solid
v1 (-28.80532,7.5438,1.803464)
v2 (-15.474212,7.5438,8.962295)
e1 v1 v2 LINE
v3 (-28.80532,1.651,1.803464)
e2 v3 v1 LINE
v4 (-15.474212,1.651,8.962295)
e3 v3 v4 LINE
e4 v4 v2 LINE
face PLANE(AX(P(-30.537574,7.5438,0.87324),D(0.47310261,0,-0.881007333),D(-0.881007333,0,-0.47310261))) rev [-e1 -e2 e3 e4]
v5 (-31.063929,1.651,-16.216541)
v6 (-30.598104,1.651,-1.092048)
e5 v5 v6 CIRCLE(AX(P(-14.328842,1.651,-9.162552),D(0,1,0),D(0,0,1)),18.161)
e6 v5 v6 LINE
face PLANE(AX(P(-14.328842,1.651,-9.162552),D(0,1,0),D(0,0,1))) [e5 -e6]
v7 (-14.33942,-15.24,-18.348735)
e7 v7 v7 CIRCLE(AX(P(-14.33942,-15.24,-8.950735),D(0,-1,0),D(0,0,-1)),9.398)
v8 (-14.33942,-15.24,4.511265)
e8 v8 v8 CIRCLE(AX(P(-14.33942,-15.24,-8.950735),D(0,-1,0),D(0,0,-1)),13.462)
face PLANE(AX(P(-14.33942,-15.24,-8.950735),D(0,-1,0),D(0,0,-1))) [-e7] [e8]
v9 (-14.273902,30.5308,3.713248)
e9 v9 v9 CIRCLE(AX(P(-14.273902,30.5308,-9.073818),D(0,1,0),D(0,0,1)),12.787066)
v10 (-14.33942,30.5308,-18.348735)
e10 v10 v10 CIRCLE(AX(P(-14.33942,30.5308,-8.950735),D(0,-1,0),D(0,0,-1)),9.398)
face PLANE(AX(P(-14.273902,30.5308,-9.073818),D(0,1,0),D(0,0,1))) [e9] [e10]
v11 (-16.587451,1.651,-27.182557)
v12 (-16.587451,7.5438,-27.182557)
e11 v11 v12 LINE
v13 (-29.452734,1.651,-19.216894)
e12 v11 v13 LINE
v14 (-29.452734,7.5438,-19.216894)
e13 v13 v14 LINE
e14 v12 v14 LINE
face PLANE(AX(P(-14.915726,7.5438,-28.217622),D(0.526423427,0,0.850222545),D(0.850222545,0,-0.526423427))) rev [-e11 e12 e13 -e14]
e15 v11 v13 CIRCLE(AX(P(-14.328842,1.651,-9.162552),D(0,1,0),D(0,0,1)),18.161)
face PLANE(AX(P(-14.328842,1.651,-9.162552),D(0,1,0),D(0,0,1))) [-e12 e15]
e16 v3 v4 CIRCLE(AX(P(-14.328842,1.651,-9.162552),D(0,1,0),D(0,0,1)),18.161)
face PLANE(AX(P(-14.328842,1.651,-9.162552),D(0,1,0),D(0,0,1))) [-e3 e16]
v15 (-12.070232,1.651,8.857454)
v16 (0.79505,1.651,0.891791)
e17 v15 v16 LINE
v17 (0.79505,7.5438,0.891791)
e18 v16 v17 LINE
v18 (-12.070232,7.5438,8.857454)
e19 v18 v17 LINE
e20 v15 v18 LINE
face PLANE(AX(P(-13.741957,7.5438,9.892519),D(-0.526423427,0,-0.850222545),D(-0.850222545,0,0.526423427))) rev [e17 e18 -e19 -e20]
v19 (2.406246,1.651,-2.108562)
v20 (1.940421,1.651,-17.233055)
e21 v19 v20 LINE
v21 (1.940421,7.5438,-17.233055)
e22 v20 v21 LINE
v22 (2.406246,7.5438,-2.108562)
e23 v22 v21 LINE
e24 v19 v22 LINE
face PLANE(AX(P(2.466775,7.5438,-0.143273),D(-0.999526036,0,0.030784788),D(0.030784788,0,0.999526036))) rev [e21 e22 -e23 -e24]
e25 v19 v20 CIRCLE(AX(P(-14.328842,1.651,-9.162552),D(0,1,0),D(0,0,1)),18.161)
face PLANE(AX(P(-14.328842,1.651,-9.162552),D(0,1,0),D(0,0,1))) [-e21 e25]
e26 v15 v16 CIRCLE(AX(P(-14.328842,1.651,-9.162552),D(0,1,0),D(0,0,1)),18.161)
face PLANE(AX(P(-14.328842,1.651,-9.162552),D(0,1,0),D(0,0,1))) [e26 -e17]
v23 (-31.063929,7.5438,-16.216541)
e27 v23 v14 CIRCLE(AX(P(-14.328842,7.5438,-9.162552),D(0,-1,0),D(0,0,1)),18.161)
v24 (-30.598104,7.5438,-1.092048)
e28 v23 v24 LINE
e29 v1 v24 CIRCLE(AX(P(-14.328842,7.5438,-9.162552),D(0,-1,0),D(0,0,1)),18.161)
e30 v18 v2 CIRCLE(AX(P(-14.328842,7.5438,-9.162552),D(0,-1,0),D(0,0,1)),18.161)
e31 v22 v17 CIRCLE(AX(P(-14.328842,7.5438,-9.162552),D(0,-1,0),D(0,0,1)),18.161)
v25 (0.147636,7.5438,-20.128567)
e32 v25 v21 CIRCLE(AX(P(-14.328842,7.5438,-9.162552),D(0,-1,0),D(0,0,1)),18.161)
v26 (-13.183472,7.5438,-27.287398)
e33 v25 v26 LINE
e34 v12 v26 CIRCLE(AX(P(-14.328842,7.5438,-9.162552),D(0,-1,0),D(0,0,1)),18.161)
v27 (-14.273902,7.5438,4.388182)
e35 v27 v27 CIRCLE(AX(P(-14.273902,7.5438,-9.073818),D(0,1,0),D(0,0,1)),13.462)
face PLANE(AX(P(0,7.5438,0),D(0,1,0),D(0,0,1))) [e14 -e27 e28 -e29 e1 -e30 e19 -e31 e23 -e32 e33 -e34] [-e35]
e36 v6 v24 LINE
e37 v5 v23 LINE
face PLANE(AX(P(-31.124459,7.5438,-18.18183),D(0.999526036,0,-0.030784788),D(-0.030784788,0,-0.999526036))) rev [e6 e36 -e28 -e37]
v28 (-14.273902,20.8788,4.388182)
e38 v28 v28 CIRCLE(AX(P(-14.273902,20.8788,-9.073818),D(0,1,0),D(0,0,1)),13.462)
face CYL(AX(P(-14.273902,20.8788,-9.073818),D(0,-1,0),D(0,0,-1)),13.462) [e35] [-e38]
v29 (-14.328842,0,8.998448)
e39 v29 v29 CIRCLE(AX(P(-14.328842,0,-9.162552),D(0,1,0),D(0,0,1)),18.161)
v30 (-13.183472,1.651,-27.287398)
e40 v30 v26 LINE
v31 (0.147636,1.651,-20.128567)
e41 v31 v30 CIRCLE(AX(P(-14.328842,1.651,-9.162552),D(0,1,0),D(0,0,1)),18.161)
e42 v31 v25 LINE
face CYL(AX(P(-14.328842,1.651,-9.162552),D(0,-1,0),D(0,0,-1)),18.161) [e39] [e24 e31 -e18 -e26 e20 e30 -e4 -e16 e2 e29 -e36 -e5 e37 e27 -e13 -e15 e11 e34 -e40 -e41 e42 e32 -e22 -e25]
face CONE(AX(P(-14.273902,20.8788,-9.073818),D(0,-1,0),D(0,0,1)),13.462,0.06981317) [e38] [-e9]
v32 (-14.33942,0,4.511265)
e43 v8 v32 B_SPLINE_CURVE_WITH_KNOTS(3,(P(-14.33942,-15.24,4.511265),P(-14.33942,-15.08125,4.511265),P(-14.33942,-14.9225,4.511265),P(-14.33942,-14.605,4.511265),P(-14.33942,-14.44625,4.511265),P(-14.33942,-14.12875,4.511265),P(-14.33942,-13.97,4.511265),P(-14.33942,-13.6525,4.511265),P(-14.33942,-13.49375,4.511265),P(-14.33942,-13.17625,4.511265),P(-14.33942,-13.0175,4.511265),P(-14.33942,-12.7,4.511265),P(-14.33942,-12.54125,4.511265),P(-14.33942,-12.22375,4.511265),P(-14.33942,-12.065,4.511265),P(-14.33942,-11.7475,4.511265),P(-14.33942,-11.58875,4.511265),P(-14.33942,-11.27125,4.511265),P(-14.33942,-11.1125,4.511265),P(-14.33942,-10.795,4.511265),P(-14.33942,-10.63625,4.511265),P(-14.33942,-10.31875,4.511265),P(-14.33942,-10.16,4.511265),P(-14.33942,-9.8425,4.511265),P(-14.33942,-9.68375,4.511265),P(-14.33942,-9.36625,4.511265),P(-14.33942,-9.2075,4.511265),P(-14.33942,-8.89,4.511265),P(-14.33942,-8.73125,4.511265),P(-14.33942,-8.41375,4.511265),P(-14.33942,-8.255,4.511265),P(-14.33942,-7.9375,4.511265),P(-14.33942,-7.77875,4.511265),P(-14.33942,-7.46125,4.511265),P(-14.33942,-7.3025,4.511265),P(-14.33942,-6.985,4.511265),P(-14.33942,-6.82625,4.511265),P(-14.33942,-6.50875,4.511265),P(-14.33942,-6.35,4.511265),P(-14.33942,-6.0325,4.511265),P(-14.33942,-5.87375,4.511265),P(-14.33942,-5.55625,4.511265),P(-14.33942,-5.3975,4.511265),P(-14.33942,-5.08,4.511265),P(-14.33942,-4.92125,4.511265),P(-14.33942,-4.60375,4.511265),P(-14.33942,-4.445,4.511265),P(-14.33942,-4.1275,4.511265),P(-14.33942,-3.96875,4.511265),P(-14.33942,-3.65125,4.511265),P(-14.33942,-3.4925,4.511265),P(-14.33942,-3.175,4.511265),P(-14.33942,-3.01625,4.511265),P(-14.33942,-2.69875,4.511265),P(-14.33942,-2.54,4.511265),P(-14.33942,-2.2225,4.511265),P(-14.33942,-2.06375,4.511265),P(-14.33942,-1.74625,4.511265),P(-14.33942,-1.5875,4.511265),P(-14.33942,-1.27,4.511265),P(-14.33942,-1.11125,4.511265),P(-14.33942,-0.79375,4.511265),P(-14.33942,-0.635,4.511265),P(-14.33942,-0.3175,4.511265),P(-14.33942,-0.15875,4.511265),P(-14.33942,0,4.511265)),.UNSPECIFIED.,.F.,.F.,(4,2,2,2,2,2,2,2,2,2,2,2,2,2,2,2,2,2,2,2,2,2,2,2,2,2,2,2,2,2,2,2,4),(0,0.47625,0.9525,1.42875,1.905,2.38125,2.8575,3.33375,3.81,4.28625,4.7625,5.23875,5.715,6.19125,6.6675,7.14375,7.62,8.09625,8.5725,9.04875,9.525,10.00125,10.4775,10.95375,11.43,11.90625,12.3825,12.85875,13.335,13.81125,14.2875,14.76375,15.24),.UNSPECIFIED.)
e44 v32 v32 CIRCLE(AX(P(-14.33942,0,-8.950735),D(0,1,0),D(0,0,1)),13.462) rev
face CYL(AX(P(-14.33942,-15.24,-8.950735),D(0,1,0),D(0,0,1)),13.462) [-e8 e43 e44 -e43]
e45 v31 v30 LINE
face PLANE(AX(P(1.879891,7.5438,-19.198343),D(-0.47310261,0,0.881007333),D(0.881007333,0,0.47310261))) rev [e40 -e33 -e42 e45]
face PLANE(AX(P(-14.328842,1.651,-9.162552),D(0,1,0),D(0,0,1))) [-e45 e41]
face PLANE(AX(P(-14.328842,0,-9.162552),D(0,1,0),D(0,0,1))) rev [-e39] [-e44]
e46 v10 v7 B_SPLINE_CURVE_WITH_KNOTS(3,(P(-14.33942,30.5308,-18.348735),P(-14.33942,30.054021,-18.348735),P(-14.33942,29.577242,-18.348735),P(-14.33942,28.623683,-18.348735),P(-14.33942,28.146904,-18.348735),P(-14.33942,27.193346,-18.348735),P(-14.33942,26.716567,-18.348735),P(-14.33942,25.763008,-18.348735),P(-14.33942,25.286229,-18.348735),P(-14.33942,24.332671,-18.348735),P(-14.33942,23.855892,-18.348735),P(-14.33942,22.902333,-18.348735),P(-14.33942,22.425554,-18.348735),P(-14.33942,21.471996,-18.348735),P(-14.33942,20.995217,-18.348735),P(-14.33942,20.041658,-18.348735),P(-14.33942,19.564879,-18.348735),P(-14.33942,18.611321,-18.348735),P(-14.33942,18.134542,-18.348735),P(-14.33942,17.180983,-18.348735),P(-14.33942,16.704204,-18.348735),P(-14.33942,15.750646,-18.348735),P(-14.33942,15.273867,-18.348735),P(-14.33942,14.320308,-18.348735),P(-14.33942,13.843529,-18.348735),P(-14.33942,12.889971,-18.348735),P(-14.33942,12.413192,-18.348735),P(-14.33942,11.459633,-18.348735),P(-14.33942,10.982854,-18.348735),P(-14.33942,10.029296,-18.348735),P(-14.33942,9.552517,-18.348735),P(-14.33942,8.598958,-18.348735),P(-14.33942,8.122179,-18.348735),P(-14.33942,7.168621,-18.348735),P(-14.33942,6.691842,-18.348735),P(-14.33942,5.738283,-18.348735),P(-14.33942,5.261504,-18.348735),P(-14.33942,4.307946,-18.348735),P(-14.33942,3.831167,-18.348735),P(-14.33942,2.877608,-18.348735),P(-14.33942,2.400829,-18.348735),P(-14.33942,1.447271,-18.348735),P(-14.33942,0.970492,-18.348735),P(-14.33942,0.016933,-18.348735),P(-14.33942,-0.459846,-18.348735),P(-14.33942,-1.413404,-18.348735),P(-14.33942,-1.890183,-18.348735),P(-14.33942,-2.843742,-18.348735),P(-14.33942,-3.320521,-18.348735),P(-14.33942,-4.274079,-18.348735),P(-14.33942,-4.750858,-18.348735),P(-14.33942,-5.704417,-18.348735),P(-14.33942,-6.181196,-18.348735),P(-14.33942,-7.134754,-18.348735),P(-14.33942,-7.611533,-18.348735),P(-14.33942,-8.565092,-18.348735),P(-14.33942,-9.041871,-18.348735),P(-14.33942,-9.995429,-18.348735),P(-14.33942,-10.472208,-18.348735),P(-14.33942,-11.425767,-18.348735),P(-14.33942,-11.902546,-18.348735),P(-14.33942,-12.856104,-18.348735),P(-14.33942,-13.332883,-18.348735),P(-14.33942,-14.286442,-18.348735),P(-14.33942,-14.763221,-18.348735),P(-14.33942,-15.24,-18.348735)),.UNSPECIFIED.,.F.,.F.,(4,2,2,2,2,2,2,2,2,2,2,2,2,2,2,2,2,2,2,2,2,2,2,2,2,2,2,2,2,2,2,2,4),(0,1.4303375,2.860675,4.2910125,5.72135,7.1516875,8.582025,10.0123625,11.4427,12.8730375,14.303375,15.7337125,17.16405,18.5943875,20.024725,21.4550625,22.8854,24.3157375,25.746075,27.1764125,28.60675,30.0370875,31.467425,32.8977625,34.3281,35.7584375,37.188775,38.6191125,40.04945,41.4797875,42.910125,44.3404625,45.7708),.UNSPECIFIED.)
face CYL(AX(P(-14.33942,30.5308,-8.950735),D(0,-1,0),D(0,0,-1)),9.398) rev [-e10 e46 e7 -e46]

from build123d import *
from build123d.topology import SkipClean

# Parameters (mm, degrees)
SKETCH1_R           = 18.161
BOSS_EXTRUDE1_DEPTH = 1.651
BOSS_EXTRUDE2_DEPTH = 5.8928
CUT_EXTRUDE1_REACH  = 45.689
SKETCH5_R           = 13.462
BOSS_EXTRUDE3_DEPTH = 13.335
SKETCH6_R           = 13.462
BOSS_EXTRUDE4_DEPTH = 9.652
BOSS_EXTRUDE4_TAPER = 4
SKETCH7_R           = 13.462
BOSS_EXTRUDE5_DEPTH = 15.24
SKETCH8_R           = 9.398
CUT_EXTRUDE3_DEPTH  = 63.427016824


with BuildPart() as part:
    # Sketch1 → Boss-Extrude1 (new body)
    with BuildSketch(Plane(origin=(0, 0, 0), x_dir=(1, 0, 0), z_dir=(0, 1, 0))):
        with Locations(Location((-14.328841802, 9.162551515, 0), (0, 0, 90))):
            Circle(SKETCH1_R)
    extrude(amount=BOSS_EXTRUDE1_DEPTH)

    # Sketch2 → Boss-Extrude2 (add)
    with BuildSketch(Plane(origin=(0, 1.651, 0), x_dir=(1, 0, 0), z_dir=(0, 1, 0))):
        Polygon((2.466775283, 0.14327327), (1.879890825, 19.198343461), (-14.91572626, 28.217621706), (-31.124458887, 18.18182976), (-30.537574428, -0.87324043), (-13.741957343, -9.892518675), align=None)
    extrude(amount=BOSS_EXTRUDE2_DEPTH)

    # Sketch3 → Cut-Extrude1 (cut, up to next)
    with BuildSketch(Plane(origin=(0, 7.5438, 0), x_dir=(1, 0, 0), z_dir=(0, 1, 0)), mode=Mode.PRIVATE) as cut_extrude1_sk1:
        with BuildLine():
            Line((-13.183471606, 27.287397669), (-14.91572626, 28.217621706))
            Line((-14.91572626, 28.217621706), (-16.587451234, 27.182557187))
            ThreePointArc((-16.587451234, 27.182557187), (-14.887924337, 27.314943857), (-13.183471606, 27.287397669))
        make_face()
    cut_extrude1_tool1 = extrude(cut_extrude1_sk1.sketch, amount=-CUT_EXTRUDE1_REACH, mode=Mode.PRIVATE) & part.part
    # Sketch3 → Cut-Extrude1 (cut, up to next)
    with BuildSketch(Plane(origin=(0, 7.5438, 0), x_dir=(1, 0, 0), z_dir=(0, 1, 0)), mode=Mode.PRIVATE) as cut_extrude1_sk2:
        with BuildLine():
            Line((1.879890825, 19.198343461), (0.147636171, 20.128567497))
            ThreePointArc((0.147636171, 20.128567497), (1.112049838, 18.722927364), (1.940420505, 17.233054906))
            Line((1.940420505, 17.233054906), (1.879890825, 19.198343461))
        make_face()
    cut_extrude1_tool2 = extrude(cut_extrude1_sk2.sketch, amount=-CUT_EXTRUDE1_REACH, mode=Mode.PRIVATE) & part.part
    # Sketch3 → Cut-Extrude1 (cut, up to next)
    with BuildSketch(Plane(origin=(0, 7.5438, 0), x_dir=(1, 0, 0), z_dir=(0, 1, 0)), mode=Mode.PRIVATE) as cut_extrude1_sk3:
        with BuildLine():
            Line((-31.124458887, 18.18182976), (-31.063929206, 16.216541206))
            ThreePointArc((-31.063929206, 16.216541206), (-30.328815977, 17.754568007), (-29.452733913, 19.216894278))
            Line((-29.452733913, 19.216894278), (-31.124458887, 18.18182976))
        make_face()
    cut_extrude1_tool3 = extrude(cut_extrude1_sk3.sketch, amount=-CUT_EXTRUDE1_REACH, mode=Mode.PRIVATE) & part.part
    # Sketch3 → Cut-Extrude1 (cut, up to next)
    with BuildSketch(Plane(origin=(0, 7.5438, 0), x_dir=(1, 0, 0), z_dir=(0, 1, 0)), mode=Mode.PRIVATE) as cut_extrude1_sk4:
        with BuildLine():
            Line((-30.537574428, -0.87324043), (-28.805319774, -1.803464467))
            ThreePointArc((-28.805319774, -1.803464467), (-29.769733441, -0.397824334), (-30.598104109, 1.092048124))
            Line((-30.598104109, 1.092048124), (-30.537574428, -0.87324043))
        make_face()
    cut_extrude1_tool4 = extrude(cut_extrude1_sk4.sketch, amount=-CUT_EXTRUDE1_REACH, mode=Mode.PRIVATE) & part.part
    # Sketch3 → Cut-Extrude1 (cut, up to next)
    with BuildSketch(Plane(origin=(0, 7.5438, 0), x_dir=(1, 0, 0), z_dir=(0, 1, 0)), mode=Mode.PRIVATE) as cut_extrude1_sk5:
        with BuildLine():
            Line((-13.741957343, -9.892518675), (-12.070232369, -8.857454157))
            ThreePointArc((-12.070232369, -8.857454157), (-13.769759266, -8.989840826), (-15.474211997, -8.962294639))
            Line((-15.474211997, -8.962294639), (-13.741957343, -9.892518675))
        make_face()
    cut_extrude1_tool5 = extrude(cut_extrude1_sk5.sketch, amount=-CUT_EXTRUDE1_REACH, mode=Mode.PRIVATE) & part.part
    # Sketch3 → Cut-Extrude1 (cut, up to next)
    with BuildSketch(Plane(origin=(0, 7.5438, 0), x_dir=(1, 0, 0), z_dir=(0, 1, 0)), mode=Mode.PRIVATE) as cut_extrude1_sk6:
        with BuildLine():
            Line((2.466775283, 0.14327327), (2.406245603, 2.108561825))
            ThreePointArc((2.406245603, 2.108561825), (1.671132373, 0.570535023), (0.79505031, -0.891791248))
            Line((0.79505031, -0.891791248), (2.466775283, 0.14327327))
        make_face()
    cut_extrude1_tool6 = extrude(cut_extrude1_sk6.sketch, amount=-CUT_EXTRUDE1_REACH, mode=Mode.PRIVATE) & part.part
    add(cut_extrude1_tool1.solids().sort_by_distance((-14.896658, 7.5438, -27.598516))[0], mode=Mode.SUBTRACT)
    add(cut_extrude1_tool2.solids().sort_by_distance((1.353263, 7.5438, -18.872277))[0], mode=Mode.SUBTRACT)
    add(cut_extrude1_tool3.solids().sort_by_distance((-30.578763, 7.5438, -17.88879))[0], mode=Mode.SUBTRACT)
    add(cut_extrude1_tool4.solids().sort_by_distance((-30.010947, 7.5438, 0.547174))[0], mode=Mode.SUBTRACT)
    add(cut_extrude1_tool5.solids().sort_by_distance((-13.761025, 7.5438, 9.273413))[0], mode=Mode.SUBTRACT)
    add(cut_extrude1_tool6.solids().sort_by_distance((1.92108, 7.5438, -0.436313))[0], mode=Mode.SUBTRACT)

    # Sketch5 → Boss-Extrude3 (add)
    with SkipClean():  # the faces are left unmerged after this step: merging them gives an invalid solid
        with BuildSketch(Plane(origin=(0, 7.5438, 0), x_dir=(1, 0, 0), z_dir=(0, 1, 0))):
            with Locations(Location((-14.273901773, 9.073818285, 0), (0, 0, 270))):
                Circle(SKETCH5_R)
        extrude(amount=BOSS_EXTRUDE3_DEPTH)

    # Sketch6 → Boss-Extrude4 (add)
    with SkipClean():  # the faces are left unmerged after this step: merging them gives an invalid solid
        with BuildSketch(Plane(origin=(0, 20.8788, 0), x_dir=(1, 0, 0), z_dir=(0, 1, 0))):
            with Locations(Location((-14.273901773, 9.073818285, 0), (0, 0, 270))):
                Circle(SKETCH6_R)
        extrude(amount=BOSS_EXTRUDE4_DEPTH, taper=BOSS_EXTRUDE4_TAPER)

    # Sketch7 → Boss-Extrude5 (add)
    with SkipClean():  # the faces are left unmerged after this step: merging them gives an invalid solid
        with BuildSketch(Plane.XZ):
            with Locations(Location((-14.33942015, -8.950735224, 0), (0, 0, 90))):
                Circle(SKETCH7_R)
        extrude(amount=BOSS_EXTRUDE5_DEPTH)

    # Sketch8 → Cut-Extrude3 (cut, through all)
    with SkipClean():  # the faces are left unmerged after this step: merging them gives an invalid solid
        with BuildSketch(Plane.XZ.offset(15.24)):
            with Locations(Location((-14.33942015, -8.950735224, 0), (0, 0, 270))):
                Circle(SKETCH8_R)
        extrude(amount=-CUT_EXTRUDE3_DEPTH, mode=Mode.SUBTRACT)


solid = part.part
